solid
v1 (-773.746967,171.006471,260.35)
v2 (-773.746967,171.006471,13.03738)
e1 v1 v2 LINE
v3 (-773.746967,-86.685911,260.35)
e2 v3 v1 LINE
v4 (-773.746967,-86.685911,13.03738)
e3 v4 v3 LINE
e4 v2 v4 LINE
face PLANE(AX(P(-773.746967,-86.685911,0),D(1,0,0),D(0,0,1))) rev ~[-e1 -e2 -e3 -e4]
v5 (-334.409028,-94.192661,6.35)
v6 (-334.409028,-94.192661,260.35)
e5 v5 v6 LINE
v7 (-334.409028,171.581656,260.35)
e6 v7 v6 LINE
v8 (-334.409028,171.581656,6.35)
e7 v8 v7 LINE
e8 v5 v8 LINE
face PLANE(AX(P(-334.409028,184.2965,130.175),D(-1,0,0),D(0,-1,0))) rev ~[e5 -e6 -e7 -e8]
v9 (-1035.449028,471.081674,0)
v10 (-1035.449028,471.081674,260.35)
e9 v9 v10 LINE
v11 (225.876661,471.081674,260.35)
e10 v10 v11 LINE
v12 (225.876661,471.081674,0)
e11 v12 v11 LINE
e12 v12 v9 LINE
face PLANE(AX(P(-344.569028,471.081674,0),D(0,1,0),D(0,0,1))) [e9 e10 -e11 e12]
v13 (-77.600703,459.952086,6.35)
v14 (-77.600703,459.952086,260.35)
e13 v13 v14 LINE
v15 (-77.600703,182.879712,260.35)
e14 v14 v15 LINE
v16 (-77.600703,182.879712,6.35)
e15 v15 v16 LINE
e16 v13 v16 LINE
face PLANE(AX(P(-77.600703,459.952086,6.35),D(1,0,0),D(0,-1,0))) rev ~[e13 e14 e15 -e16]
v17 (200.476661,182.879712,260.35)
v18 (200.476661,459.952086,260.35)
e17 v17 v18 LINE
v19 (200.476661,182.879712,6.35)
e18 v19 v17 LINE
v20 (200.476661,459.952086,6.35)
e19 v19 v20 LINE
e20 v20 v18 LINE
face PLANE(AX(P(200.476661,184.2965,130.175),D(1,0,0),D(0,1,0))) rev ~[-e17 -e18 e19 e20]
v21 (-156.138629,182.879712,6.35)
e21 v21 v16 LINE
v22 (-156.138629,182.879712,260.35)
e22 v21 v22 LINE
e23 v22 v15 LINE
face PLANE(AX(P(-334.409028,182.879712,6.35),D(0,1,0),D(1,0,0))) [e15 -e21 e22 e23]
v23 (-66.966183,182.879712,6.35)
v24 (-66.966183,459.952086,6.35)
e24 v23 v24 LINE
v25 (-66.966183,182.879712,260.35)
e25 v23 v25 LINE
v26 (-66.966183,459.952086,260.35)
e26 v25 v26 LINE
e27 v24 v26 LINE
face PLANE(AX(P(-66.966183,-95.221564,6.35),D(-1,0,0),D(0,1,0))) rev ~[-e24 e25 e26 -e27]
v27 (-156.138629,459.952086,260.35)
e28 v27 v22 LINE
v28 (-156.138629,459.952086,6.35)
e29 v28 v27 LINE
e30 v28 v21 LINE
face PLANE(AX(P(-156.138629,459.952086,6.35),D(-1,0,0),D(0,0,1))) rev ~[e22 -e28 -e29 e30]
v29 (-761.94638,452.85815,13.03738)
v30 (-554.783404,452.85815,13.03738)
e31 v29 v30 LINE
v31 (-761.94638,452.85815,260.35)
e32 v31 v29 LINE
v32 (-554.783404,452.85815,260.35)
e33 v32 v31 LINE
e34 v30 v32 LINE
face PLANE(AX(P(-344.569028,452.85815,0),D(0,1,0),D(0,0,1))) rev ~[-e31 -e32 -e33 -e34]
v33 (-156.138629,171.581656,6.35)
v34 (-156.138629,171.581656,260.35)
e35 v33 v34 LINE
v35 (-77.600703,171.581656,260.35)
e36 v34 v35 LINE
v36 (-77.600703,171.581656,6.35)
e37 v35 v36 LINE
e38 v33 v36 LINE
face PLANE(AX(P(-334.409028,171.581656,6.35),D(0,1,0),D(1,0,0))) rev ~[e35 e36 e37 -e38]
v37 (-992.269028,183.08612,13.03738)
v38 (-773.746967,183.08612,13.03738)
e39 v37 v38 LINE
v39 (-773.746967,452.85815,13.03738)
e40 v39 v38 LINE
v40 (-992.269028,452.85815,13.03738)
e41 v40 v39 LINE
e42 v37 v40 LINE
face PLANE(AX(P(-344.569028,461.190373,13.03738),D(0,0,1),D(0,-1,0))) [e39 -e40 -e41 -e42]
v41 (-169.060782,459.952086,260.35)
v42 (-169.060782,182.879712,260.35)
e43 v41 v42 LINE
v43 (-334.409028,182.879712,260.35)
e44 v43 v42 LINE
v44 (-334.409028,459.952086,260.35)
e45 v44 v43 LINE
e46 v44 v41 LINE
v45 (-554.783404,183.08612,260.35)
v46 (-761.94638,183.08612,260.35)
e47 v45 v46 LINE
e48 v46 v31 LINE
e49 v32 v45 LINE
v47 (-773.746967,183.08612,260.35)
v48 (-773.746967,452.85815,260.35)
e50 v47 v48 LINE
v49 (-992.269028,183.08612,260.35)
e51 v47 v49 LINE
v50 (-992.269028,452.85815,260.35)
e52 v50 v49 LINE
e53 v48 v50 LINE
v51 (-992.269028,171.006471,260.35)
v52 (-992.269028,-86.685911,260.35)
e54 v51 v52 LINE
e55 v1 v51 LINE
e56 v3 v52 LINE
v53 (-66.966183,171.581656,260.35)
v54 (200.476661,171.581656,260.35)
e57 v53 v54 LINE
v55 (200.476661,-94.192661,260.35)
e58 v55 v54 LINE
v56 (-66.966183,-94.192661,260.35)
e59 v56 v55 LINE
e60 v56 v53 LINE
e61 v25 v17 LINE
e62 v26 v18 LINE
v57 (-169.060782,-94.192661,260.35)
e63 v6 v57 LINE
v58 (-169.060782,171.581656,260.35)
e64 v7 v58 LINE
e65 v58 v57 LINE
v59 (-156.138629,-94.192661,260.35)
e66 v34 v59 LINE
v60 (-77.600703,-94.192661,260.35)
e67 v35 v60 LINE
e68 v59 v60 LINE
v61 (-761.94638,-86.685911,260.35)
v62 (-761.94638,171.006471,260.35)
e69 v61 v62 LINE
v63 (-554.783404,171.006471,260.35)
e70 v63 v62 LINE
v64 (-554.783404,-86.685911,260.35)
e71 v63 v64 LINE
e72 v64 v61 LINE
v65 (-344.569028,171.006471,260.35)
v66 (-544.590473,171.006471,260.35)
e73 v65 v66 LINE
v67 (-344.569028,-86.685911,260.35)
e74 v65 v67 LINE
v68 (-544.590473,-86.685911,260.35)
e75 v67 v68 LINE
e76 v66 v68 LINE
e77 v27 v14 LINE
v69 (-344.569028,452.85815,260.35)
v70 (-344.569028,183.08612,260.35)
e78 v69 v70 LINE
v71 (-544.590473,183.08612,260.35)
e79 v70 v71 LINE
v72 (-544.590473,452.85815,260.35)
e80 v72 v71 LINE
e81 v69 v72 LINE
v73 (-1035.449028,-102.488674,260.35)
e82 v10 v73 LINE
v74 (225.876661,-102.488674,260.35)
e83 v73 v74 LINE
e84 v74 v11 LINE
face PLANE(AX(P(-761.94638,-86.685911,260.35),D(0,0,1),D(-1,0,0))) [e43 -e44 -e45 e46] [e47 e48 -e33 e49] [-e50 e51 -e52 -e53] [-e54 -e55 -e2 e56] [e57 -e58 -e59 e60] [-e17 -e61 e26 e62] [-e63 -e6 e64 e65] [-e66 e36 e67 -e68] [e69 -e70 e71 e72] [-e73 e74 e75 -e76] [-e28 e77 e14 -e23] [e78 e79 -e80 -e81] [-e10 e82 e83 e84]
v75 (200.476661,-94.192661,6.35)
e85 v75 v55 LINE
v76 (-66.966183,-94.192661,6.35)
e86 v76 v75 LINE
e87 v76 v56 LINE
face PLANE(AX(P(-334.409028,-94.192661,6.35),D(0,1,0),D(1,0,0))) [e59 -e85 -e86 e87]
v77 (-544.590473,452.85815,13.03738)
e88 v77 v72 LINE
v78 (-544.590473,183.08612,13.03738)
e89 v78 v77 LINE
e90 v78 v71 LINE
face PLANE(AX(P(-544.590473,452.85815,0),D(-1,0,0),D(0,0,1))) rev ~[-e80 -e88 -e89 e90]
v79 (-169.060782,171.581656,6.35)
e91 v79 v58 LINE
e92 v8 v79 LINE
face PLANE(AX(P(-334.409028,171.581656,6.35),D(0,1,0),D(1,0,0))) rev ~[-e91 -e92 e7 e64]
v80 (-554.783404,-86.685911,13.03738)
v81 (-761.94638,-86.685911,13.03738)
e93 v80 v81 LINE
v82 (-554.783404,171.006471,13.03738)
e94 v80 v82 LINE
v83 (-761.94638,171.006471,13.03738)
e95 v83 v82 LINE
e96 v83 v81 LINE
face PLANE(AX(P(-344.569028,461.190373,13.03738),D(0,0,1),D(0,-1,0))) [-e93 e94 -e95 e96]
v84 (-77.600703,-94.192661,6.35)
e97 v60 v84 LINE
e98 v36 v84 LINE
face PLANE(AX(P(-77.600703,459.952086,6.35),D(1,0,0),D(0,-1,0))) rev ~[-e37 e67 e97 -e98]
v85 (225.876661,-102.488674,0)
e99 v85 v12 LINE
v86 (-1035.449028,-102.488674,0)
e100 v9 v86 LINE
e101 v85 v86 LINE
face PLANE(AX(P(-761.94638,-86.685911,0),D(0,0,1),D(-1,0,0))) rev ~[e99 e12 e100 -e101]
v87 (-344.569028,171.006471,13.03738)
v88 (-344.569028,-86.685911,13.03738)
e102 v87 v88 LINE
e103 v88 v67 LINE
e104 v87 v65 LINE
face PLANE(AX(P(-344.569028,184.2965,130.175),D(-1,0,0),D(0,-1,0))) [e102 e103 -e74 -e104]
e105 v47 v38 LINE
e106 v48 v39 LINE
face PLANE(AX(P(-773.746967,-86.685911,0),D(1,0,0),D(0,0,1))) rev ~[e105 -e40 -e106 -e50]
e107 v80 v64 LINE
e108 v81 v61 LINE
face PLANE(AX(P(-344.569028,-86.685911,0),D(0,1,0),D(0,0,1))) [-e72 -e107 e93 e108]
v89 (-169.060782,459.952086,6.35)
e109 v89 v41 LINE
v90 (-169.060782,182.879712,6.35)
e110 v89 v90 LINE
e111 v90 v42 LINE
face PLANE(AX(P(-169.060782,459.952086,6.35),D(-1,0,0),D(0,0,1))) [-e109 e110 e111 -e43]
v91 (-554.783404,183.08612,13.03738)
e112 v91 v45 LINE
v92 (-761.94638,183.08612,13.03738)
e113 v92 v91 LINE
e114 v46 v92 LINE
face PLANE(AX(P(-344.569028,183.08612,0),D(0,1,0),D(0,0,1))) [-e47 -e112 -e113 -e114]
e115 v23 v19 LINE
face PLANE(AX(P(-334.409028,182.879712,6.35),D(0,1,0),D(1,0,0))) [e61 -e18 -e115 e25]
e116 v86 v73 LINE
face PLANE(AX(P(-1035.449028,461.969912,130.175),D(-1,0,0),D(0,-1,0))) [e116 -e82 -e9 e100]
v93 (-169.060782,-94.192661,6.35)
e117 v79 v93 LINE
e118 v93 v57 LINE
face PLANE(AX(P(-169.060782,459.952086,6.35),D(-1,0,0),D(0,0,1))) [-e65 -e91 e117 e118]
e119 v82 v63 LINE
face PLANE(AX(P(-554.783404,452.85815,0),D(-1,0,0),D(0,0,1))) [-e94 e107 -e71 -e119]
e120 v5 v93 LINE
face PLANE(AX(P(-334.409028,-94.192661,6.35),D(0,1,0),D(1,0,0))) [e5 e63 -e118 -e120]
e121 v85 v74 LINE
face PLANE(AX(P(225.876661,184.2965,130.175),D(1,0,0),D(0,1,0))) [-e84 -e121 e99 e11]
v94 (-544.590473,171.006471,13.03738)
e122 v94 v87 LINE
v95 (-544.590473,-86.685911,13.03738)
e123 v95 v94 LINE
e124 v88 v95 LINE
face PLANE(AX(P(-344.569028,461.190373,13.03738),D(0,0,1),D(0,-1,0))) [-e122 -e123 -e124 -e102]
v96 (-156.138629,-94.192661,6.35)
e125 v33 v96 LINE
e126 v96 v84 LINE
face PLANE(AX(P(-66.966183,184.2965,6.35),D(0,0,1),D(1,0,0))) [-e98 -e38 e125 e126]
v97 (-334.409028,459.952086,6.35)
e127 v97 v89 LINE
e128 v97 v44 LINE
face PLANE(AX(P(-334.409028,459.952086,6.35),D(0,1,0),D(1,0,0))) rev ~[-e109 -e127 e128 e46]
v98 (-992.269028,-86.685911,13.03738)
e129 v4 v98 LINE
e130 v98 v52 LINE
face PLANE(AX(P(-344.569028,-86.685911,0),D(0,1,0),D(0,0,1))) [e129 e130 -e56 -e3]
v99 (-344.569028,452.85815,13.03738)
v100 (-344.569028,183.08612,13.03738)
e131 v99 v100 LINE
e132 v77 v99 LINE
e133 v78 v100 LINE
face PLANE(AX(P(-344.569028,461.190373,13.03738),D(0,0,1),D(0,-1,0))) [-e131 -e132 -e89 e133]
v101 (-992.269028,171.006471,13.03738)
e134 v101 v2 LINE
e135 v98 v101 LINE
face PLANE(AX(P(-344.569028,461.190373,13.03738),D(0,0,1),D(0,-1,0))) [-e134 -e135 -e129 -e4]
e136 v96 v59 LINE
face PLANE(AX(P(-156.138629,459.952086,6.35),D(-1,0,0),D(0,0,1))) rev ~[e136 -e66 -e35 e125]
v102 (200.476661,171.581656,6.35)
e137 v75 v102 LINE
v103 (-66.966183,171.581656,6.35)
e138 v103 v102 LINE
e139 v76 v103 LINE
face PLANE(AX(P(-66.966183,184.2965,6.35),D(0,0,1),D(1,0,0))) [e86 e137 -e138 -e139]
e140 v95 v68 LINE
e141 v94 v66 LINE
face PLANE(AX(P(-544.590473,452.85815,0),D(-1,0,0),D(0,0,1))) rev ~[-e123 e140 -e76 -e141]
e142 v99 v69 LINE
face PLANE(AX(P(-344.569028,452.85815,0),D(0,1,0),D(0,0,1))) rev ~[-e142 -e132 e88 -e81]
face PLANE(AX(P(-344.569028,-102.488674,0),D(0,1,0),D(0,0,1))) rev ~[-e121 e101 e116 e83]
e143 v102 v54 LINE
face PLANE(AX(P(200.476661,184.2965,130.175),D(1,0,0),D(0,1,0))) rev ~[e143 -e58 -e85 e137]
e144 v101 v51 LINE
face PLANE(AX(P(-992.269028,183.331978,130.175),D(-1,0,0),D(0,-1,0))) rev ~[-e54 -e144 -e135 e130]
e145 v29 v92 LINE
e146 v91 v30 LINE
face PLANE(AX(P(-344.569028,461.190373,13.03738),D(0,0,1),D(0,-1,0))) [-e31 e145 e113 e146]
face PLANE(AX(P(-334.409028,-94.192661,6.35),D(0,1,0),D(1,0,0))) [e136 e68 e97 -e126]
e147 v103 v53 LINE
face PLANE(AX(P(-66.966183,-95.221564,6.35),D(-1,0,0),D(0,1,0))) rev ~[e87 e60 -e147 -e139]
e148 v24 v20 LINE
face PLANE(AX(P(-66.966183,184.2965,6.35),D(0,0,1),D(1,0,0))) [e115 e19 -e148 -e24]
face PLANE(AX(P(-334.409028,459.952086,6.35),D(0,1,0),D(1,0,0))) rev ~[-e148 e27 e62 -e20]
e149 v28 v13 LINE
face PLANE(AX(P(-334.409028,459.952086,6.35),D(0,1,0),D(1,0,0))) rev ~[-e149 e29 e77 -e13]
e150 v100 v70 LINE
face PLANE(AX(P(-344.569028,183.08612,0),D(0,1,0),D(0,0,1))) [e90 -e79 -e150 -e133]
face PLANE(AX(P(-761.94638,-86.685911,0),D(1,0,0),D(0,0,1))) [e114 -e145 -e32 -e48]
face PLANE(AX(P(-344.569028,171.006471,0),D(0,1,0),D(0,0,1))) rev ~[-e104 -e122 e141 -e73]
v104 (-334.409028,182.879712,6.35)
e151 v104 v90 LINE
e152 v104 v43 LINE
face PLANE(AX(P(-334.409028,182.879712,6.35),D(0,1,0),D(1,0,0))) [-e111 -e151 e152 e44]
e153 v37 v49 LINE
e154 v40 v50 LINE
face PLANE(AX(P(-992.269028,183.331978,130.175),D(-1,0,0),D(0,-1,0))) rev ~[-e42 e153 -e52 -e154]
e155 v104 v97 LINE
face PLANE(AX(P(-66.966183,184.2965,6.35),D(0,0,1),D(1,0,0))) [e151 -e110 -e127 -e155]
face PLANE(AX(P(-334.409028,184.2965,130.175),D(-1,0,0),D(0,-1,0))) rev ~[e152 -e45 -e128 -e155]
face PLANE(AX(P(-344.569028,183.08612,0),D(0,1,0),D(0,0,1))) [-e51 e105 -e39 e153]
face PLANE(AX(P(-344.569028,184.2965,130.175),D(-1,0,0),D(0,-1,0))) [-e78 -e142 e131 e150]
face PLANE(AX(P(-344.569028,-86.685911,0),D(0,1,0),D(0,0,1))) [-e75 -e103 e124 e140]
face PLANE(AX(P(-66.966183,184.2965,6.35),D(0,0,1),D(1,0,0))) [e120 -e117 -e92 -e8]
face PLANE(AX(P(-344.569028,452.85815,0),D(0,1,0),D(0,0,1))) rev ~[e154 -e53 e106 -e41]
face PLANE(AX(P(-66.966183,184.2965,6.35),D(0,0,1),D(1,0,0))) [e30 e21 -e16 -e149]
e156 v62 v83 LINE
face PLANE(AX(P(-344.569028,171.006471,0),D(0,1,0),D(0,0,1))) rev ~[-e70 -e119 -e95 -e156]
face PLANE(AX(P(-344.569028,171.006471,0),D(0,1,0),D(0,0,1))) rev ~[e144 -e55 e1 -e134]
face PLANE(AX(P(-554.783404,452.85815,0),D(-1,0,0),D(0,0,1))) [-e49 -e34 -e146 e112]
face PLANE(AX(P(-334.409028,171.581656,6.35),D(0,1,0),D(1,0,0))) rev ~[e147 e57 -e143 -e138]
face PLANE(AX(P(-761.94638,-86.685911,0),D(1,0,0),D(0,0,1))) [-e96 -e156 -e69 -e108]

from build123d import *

# Parameters (mm, degrees)
F0_W      = 534.8856896162
F0_H      = 573.5703483224
F1_DEPTH  = 6.35
F2_W      = 534.8856896162
F2_H      = 8.2960128784
F3_DEPTH  = 254
F4_W      = 534.8856896162
F4_H      = 11.1295878887
F5_DEPTH  = 254
F6_W      = 534.8856896162
F6_H      = 11.2980566919
F7_DEPTH  = 254
F8_W      = 10.6345191598
F8_H      = 555.1736503839
F8_H_2    = 277.0723737776
F9_DEPTH  = 254
F10_W     = 573.5703483224
F10_H     = 260.35
F11_DEPTH = 25.4
F12_W     = 12.9221528769
F12_H     = 254
F13_DEPTH = 558.8
F14_W     = 573.5703483224
F14_H     = 260.35
F15_DEPTH = 10.16
F16_W     = 15.8027634025
F16_H     = 260.35
F17_DEPTH = 690.88
F18_W     = 18.2235240936
F18_H     = 260.35
F19_DEPTH = 690.88
F20_W     = 12.0796486735
F20_H     = 260.35
F21_DEPTH = 690.88
F22_W     = 10.1929306984
F22_H     = 260.35
F23_DEPTH = 553.72
F24_W     = 11.8005871773
F24_H     = 260.35
F25_DEPTH = 551.18
F26_W     = 571.6413035989
F26_H     = 260.35
F27_DEPTH = 43.18
F28_W     = 547.8762835264
F28_H     = 13.0373798311
F29_DEPTH = 688.34


with BuildPart() as f1:
    # F0 (on Top) → F1 (new body)
    with BuildSketch(Plane.XY):
        with Locations((-66.9661834836, 184.2964999378)):
            Rectangle(F0_W, F0_H)
    extrude(amount=F1_DEPTH)

    # F2 (on face) → F3 (join)
    with BuildSketch(Plane.XY.offset(6.35)):
        with Locations((-66.9661834836, -98.3406677842)):
            Rectangle(F2_W, F2_H)
    extrude(amount=F3_DEPTH)

    # F4 (on face) → F5 (join)
    with BuildSketch(Plane.XY.offset(6.35)):
        with Locations((-66.9661834836, 465.5168801546)):
            Rectangle(F4_W, F4_H)
    extrude(amount=F5_DEPTH)

    # F6 (on face) → F7 (join)
    with BuildSketch(Plane.XY.offset(6.35)):
        with Locations((-66.9661834836, 177.2306840867)):
            Rectangle(F6_W, F6_H)
    extrude(amount=F7_DEPTH)

    # F8 (on face) → F9 (join)
    with BuildSketch(Plane.XY.offset(6.35)):
        with Locations((-72.2834430635, 182.3652610183)):
            Rectangle(F8_W, F8_H)
        with Locations((-72.2834430635, 321.4158993214)):
            Rectangle(F8_W, F8_H_2)
    extrude(amount=F9_DEPTH)

    # F10 (on face) → F11 (join)
    with BuildSketch(Plane.YZ.offset(200.4766613245)):
        with Locations((184.2964999378, 130.175)):
            Rectangle(F10_W, F10_H)
    extrude(amount=F11_DEPTH)

    # F12 (on face) → F13 (join)
    with BuildSketch(Plane.XZ.offset(-459.9520862103)):
        with Locations((-162.5997051597, 133.35)):
            Rectangle(F12_W, F12_H)
    extrude(amount=F13_DEPTH)

    # F14 (on face) → F15 (join)
    with BuildSketch(Plane(origin=(-334.4090282917, 0, 0), x_dir=(0, -1, 0), z_dir=(-1, 0, 0))):
        with Locations((-184.2964999378, 130.175)):
            Rectangle(F14_W, F14_H)
    extrude(amount=F15_DEPTH)

    # F16 (on face) → F17 (join)
    with BuildSketch(Plane(origin=(-344.5690282917, 0, 0), x_dir=(0, -1, 0), z_dir=(-1, 0, 0))):
        with Locations((94.5872925222, 130.175)):
            Rectangle(F16_W, F16_H)
    extrude(amount=F17_DEPTH)

    # F18 (on face) → F19 (join)
    with BuildSketch(Plane(origin=(-344.5690282917, 0, 0), x_dir=(0, -1, 0), z_dir=(-1, 0, 0))):
        with Locations((-461.9699120522, 130.175)):
            Rectangle(F18_W, F18_H)
    extrude(amount=F19_DEPTH)

    # F20 (on face) → F21 (join)
    with BuildSketch(Plane(origin=(-344.5690282917, 0, 0), x_dir=(0, -1, 0), z_dir=(-1, 0, 0))):
        with Locations((-177.0462952554, 130.175)):
            Rectangle(F20_W, F20_H)
    extrude(amount=F21_DEPTH)

    # F22 (on face) → F23 (join)
    with BuildSketch(Plane.XZ.offset(-452.8581500053)):
        with Locations((-549.6869385242, 130.175)):
            Rectangle(F22_W, F22_H)
    extrude(amount=F23_DEPTH)

    # F24 (on face) → F25 (join)
    with BuildSketch(Plane(origin=(0, -86.685910821, 0), x_dir=(-1, 0, 0), z_dir=(0, 1, 0))):
        with Locations((767.846673727, 130.175)):
            Rectangle(F24_W, F24_H)
    extrude(amount=F25_DEPTH)

    # F26 (on face) → F27 (join)
    with BuildSketch(Plane(origin=(-1035.4490282917, 0, 0), x_dir=(0, -1, 0), z_dir=(-1, 0, 0))):
        with Locations((-183.331977576, 130.175)):
            Rectangle(F26_W, F26_H)
    extrude(amount=-F27_DEPTH)

    # F28 (on face) → F29 (join)
    with BuildSketch(Plane(origin=(-344.5690282917, 0, 0), x_dir=(0, -1, 0), z_dir=(-1, 0, 0))):
        with Locations((-187.2522309422, 6.5186899155)):
            Rectangle(F28_W, F28_H)
    extrude(amount=F29_DEPTH)


solid = f1.part
